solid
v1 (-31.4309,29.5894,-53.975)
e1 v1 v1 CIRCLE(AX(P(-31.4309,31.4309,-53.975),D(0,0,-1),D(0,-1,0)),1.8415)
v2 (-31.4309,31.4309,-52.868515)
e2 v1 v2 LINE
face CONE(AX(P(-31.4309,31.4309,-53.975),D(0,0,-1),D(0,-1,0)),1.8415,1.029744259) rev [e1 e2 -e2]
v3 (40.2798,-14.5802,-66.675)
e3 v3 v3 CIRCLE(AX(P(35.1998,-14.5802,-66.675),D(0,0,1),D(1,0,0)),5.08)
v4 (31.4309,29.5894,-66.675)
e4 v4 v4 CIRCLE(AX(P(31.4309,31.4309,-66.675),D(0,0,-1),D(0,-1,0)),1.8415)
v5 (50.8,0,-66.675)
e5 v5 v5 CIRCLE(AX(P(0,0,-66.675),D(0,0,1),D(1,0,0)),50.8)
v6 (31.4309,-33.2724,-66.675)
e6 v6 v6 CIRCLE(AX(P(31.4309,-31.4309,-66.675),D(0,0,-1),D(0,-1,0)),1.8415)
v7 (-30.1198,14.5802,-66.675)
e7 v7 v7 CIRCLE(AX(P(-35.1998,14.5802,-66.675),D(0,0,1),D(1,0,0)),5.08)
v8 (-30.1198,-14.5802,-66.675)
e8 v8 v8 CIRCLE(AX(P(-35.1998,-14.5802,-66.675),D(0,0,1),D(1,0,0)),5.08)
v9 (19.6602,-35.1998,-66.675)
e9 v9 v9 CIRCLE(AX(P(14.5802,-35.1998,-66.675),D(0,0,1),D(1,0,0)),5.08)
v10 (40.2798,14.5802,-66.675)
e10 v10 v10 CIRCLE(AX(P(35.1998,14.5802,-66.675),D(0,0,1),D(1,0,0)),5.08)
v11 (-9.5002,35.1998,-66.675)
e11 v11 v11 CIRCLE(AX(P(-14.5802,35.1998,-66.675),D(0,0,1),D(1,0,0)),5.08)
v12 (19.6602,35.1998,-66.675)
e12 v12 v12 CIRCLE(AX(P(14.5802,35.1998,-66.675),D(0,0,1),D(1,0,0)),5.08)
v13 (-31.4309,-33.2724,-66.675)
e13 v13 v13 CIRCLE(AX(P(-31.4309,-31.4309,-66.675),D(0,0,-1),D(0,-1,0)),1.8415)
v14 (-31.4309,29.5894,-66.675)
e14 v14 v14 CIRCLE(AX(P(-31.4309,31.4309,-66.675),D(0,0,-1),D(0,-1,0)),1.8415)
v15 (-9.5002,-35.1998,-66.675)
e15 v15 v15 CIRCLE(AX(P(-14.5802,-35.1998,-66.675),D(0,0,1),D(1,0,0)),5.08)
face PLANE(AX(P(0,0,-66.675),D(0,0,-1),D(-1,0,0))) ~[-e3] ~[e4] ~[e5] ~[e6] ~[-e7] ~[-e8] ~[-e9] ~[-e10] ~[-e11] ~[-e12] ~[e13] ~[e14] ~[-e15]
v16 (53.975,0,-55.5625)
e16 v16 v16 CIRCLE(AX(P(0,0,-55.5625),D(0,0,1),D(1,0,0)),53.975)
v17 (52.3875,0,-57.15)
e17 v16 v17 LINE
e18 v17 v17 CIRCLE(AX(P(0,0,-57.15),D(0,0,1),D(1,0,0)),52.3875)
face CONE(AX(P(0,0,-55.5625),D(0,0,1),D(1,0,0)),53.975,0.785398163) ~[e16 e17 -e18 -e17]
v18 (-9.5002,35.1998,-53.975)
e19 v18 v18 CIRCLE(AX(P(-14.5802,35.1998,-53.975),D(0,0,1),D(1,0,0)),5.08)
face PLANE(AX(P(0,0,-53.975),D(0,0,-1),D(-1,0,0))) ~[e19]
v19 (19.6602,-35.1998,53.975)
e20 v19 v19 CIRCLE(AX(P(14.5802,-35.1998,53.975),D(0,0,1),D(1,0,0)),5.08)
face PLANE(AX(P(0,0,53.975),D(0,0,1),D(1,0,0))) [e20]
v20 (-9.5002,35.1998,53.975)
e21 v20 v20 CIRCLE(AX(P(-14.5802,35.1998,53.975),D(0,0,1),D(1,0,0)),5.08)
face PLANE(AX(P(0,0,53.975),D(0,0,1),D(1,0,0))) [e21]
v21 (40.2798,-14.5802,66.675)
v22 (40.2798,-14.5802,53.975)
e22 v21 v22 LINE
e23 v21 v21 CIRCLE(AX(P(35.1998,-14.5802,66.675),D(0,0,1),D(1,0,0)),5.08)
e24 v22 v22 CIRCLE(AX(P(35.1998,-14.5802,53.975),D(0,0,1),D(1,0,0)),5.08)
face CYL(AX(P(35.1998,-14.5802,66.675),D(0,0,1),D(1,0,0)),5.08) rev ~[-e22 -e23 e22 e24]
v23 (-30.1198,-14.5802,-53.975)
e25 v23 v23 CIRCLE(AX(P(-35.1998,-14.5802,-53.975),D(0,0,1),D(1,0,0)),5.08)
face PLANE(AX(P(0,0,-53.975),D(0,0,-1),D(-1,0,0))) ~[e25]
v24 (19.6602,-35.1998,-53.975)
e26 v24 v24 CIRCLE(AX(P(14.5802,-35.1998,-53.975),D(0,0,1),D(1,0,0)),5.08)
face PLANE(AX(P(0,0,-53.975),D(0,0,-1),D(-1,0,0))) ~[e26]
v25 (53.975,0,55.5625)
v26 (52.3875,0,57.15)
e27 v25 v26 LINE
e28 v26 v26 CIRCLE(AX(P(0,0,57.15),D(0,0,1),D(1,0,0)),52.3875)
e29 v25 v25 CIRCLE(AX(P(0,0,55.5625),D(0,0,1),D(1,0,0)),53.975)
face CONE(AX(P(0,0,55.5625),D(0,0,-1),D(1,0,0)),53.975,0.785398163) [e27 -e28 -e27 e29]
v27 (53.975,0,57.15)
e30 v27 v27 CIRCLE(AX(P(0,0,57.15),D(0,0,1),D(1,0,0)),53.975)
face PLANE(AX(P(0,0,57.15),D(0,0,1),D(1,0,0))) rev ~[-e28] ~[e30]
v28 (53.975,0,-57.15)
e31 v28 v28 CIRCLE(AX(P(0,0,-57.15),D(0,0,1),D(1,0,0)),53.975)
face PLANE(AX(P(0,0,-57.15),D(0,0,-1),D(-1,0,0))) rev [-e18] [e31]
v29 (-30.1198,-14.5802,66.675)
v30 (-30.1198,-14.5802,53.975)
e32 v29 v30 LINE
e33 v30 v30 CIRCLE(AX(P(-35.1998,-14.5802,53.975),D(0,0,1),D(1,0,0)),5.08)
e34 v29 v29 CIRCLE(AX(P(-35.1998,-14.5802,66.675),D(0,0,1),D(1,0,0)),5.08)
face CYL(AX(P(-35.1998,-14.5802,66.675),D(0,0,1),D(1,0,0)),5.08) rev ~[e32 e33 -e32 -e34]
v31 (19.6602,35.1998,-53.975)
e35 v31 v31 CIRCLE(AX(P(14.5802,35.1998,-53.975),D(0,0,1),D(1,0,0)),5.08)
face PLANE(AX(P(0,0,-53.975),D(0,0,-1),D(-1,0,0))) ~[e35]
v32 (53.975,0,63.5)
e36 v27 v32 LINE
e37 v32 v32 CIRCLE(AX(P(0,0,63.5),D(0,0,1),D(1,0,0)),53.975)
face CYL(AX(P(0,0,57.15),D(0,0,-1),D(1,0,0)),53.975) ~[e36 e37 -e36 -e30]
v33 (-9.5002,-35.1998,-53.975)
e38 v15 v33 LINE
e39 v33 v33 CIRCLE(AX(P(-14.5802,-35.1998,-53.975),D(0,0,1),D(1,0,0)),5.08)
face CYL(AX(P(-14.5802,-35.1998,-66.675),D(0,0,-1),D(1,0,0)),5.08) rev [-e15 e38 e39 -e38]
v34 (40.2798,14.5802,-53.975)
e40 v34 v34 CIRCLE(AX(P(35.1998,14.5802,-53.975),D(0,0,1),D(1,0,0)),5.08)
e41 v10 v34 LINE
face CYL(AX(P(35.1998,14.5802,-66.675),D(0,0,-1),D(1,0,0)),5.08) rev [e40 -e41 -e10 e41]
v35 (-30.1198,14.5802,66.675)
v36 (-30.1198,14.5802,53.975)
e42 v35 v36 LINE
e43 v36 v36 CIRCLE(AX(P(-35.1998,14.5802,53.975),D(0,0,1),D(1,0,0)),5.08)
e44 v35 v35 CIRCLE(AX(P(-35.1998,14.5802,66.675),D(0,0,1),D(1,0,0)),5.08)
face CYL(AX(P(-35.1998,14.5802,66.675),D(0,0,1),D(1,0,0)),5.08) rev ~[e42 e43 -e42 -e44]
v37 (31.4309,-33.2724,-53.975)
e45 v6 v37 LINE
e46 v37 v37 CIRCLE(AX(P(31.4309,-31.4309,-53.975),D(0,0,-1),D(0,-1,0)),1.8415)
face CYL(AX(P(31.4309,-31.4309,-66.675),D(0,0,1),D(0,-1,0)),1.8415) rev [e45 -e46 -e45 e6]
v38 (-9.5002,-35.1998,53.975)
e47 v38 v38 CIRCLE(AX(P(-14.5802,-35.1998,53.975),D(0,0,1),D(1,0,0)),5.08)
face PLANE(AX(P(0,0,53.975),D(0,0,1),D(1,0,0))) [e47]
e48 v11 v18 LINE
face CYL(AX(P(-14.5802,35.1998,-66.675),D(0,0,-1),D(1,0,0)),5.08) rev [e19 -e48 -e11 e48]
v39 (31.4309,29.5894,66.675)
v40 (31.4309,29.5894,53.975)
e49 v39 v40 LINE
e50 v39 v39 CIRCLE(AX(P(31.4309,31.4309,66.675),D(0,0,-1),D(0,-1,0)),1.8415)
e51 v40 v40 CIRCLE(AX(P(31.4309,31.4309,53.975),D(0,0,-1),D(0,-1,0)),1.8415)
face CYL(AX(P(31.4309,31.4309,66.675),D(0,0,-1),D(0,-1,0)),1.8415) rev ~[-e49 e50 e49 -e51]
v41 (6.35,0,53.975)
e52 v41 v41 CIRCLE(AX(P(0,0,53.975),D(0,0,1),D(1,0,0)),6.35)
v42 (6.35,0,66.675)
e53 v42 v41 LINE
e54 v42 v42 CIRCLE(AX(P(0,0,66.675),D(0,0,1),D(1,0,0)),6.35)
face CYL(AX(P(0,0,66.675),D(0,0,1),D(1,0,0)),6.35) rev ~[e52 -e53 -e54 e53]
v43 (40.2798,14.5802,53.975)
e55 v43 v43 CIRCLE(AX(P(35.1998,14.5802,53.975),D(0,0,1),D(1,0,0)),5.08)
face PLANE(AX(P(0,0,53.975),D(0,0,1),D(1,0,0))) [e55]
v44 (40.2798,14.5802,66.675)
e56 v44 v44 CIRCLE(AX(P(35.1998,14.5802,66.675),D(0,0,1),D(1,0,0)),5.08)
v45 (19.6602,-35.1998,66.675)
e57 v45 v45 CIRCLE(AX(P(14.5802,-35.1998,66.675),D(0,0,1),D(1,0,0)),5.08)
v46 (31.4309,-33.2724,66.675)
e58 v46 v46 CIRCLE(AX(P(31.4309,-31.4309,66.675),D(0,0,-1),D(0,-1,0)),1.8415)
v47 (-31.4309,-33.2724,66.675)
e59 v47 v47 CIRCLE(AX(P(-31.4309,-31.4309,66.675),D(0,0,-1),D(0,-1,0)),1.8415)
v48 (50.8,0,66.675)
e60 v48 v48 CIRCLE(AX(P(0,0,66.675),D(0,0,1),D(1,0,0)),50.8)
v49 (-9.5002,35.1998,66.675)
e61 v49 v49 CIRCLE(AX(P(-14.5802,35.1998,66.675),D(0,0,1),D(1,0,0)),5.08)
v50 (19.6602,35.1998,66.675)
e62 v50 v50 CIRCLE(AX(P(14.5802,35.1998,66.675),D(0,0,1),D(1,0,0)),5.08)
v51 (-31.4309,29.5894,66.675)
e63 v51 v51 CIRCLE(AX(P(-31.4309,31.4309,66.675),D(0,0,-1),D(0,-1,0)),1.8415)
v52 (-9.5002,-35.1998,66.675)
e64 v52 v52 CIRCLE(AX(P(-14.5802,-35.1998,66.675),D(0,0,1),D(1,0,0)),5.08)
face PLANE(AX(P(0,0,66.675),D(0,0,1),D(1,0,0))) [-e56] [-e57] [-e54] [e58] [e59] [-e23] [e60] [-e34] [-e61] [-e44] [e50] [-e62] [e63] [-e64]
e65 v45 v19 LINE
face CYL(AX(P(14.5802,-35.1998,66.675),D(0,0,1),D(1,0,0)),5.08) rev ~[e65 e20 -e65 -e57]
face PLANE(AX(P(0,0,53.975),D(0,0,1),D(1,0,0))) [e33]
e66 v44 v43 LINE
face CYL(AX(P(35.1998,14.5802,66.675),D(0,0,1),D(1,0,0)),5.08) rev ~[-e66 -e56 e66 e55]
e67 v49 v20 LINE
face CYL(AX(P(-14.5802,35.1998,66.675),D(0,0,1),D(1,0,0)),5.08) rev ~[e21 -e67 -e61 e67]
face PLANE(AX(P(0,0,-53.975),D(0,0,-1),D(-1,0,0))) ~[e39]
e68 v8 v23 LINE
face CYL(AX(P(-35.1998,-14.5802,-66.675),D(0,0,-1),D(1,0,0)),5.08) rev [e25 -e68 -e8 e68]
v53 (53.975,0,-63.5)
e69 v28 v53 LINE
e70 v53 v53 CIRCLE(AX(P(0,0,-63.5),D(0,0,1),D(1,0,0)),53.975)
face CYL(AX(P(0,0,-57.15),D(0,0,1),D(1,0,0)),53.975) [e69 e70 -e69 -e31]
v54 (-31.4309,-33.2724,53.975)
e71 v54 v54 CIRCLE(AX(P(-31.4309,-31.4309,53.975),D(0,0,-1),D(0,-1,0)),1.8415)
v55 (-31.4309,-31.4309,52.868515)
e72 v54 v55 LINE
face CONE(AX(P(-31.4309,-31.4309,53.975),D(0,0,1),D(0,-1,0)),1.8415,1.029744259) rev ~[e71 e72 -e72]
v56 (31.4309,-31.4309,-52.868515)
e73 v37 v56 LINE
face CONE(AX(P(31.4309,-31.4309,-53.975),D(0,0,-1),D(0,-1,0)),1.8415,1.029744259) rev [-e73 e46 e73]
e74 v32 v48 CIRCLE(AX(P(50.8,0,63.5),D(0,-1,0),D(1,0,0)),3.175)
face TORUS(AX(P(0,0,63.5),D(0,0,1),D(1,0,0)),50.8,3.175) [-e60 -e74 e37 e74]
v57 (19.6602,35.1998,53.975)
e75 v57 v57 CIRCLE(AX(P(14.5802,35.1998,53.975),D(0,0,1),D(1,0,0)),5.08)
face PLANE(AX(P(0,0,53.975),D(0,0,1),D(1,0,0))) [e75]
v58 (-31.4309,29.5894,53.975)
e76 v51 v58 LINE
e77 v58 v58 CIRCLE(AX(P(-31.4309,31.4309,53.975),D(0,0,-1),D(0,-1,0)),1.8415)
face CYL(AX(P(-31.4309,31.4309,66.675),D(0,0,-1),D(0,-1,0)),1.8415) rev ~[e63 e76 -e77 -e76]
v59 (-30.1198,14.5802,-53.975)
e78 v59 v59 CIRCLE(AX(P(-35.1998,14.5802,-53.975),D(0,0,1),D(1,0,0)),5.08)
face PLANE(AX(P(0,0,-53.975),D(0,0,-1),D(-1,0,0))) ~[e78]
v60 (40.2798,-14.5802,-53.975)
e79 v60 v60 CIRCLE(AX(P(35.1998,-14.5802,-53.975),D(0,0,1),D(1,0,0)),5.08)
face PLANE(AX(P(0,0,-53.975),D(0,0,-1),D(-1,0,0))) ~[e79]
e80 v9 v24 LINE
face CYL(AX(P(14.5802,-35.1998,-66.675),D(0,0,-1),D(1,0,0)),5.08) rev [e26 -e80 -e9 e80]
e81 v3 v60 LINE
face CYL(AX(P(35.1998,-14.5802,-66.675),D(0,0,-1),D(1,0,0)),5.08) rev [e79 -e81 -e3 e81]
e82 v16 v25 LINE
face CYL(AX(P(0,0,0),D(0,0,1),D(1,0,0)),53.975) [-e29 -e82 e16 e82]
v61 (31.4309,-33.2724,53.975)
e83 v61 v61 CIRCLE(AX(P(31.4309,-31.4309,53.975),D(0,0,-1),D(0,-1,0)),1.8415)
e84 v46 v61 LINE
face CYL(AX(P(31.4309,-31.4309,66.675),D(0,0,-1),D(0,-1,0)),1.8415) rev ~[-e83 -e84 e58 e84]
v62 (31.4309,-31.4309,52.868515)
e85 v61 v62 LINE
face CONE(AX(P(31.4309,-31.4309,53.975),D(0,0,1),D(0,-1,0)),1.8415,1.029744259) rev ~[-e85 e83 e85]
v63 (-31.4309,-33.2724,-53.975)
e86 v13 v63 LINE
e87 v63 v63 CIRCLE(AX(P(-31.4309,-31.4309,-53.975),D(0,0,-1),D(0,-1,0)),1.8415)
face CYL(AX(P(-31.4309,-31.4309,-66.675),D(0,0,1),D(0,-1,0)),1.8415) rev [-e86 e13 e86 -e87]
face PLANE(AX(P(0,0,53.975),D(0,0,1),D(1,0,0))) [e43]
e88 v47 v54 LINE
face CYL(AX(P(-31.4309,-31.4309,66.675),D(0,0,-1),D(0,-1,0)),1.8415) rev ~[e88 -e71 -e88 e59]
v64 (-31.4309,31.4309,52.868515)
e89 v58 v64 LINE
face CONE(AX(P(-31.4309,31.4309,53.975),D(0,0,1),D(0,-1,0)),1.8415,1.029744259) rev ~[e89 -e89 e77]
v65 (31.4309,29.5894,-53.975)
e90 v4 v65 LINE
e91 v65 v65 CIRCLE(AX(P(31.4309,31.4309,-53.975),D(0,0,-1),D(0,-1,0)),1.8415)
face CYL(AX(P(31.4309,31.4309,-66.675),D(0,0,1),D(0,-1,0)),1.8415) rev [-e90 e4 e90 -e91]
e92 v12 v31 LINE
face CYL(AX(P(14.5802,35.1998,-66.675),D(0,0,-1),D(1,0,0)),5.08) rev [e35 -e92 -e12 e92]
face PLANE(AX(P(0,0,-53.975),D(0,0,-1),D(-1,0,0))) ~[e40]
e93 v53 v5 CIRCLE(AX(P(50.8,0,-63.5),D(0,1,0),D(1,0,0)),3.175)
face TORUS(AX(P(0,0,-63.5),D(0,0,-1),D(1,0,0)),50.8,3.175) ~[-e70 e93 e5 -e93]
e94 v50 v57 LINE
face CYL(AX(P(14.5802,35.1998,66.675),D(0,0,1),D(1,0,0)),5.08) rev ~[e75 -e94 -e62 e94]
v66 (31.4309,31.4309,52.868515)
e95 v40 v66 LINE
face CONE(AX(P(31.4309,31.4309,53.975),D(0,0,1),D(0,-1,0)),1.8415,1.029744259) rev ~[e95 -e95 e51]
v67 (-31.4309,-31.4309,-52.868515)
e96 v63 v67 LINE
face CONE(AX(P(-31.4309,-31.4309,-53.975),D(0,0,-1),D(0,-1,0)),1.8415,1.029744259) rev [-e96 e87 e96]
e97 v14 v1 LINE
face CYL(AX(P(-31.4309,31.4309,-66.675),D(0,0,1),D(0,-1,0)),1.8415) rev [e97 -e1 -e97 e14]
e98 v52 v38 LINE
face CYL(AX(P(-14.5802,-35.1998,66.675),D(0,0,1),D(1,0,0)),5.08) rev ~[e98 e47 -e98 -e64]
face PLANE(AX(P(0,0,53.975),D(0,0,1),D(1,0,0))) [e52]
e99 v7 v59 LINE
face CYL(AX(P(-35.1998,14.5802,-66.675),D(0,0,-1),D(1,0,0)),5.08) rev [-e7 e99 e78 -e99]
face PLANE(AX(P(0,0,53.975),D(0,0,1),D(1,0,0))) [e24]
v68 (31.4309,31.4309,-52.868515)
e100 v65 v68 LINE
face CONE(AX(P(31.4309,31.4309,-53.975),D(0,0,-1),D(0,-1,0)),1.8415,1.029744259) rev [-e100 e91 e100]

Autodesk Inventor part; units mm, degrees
ref_plane "YZ Plane" through (0, 0, 0) normal (1, 0, 0) x (0, 1, 0)
ref_plane "XZ Plane" through (0, 0, 0) normal (0, 1, 0) x (-1, 0, 0)
ref_plane "XY Plane" through (0, 0, 0) normal (0, 0, 1) x (1, 0, 0)
sketch "Sketch1" plane through (0, 0, 0) normal (0, 0, 1) x (1, 0, 0)
  circle A0 centre (0, 0) radius 53.975
  dimension "d0" = 107.95
extrude "Extrusion1" add sketch "Sketch1" along normal mid plane 114.3
chamfer "Chamfer1" distance 1.5875 angle 45 1 edges at (-53.975, 0, 57.15)
chamfer "Chamfer2" distance 1.5875 angle 45 1 edges at (-53.975, 0, -57.15)
sketch "Sketch3" plane through (0, 0, 57.15) normal (0, 0, 1) x (1, 0, 0)
  circle A0 centre (0, 0) radius 53.975 projected
extrude "Front End" add sketch "Sketch3" along normal blind 9.525
sketch "Sketch5" plane through (0, 0, 66.675) normal (0, 0, 1) x (1, 0, 0)
  circle A0 centre (0, 0) radius 53.975 projected
  line L0 (0, 0) -> (31.4309, 31.4309) construction
  line L1 (-75.565, 0) -> (75.565, 0) projected
  line L2 (0, -75.565) -> (0, 75.565) projected
  point P0 (-31.4309, 31.4309)
  point P1 (-31.4309, -31.4309)
  point P2 (31.4309, -31.4309)
  dimension "d25" = 360
  dimension "d46" = 45
  dimension "d47" = 44.45
hole "Mount Holes" at (31.4309, 31.4309, 66.675) at (-31.4309, 31.4309, 66.675) at (-31.4309, -31.4309, 66.675) at (31.4309, -31.4309, 66.675) direction (0, 0, -1) diameter 3.683 depth 12.7 tip angle 118 thread size "10-24 UNC" class "2B" standard "ANSI Unified Screw Threads"
sketch "Sketch6" plane through (0, 0, 66.675) normal (0, 0, 1) x (1, 0, 0)
  circle A0 centre (0, 0) radius 53.975 projected
  circle A1 centre (0, 0) radius 6.35
  dimension "d34" = 12.7
extrude "Shaft Hole" cut sketch "Sketch6" against normal blind 12.7 contours A1
sketch "Sketch7" plane through (0, 0, 66.675) normal (0, 0, 1) x (1, 0, 0)
  circle A0 centre (0, 0) radius 6.35 projected
  circle A1 centre (0, 0) radius 53.975 projected
  circle A2 centre (35.1998, 14.5802) radius 5.08
  line L0 (0, 0) -> (35.1998, 14.5802) construction
  line L1 (0, -75.565) -> (0, 75.565) projected
  line L2 (-75.565, 0) -> (75.565, 0) projected
  circle A3 centre (14.5802, 35.1998) radius 5.08
  circle A4 centre (-14.5802, 35.1998) radius 5.08
  circle A5 centre (-35.1998, 14.5802) radius 5.08
  circle A6 centre (-35.1998, -14.5802) radius 5.08
  circle A7 centre (-14.5802, -35.1998) radius 5.08
  circle A8 centre (14.5802, -35.1998) radius 5.08
  circle A9 centre (35.1998, -14.5802) radius 5.08
  dimension "d37" = 10.16
  dimension "d38" = 22.5
  dimension "d39" = 38.1
  dimension "d42" = 360
extrude "Ventilation Holes" cut sketch "Sketch7" against normal blind 12.7 contours A2 | A3 | A4 | A5 | A6 | A7 | A8 | A9
mirror "Mirror3" about plane through (0, 0, 0) normal (0, 0, 1) of "Front End", "Mount Holes", "Ventilation Holes"
fillet "Fillet1" radius 3.175 2 edges at (-53.975, 0, 66.675) (-53.975, 0, -66.675)
properties part number "my1020_motor"
